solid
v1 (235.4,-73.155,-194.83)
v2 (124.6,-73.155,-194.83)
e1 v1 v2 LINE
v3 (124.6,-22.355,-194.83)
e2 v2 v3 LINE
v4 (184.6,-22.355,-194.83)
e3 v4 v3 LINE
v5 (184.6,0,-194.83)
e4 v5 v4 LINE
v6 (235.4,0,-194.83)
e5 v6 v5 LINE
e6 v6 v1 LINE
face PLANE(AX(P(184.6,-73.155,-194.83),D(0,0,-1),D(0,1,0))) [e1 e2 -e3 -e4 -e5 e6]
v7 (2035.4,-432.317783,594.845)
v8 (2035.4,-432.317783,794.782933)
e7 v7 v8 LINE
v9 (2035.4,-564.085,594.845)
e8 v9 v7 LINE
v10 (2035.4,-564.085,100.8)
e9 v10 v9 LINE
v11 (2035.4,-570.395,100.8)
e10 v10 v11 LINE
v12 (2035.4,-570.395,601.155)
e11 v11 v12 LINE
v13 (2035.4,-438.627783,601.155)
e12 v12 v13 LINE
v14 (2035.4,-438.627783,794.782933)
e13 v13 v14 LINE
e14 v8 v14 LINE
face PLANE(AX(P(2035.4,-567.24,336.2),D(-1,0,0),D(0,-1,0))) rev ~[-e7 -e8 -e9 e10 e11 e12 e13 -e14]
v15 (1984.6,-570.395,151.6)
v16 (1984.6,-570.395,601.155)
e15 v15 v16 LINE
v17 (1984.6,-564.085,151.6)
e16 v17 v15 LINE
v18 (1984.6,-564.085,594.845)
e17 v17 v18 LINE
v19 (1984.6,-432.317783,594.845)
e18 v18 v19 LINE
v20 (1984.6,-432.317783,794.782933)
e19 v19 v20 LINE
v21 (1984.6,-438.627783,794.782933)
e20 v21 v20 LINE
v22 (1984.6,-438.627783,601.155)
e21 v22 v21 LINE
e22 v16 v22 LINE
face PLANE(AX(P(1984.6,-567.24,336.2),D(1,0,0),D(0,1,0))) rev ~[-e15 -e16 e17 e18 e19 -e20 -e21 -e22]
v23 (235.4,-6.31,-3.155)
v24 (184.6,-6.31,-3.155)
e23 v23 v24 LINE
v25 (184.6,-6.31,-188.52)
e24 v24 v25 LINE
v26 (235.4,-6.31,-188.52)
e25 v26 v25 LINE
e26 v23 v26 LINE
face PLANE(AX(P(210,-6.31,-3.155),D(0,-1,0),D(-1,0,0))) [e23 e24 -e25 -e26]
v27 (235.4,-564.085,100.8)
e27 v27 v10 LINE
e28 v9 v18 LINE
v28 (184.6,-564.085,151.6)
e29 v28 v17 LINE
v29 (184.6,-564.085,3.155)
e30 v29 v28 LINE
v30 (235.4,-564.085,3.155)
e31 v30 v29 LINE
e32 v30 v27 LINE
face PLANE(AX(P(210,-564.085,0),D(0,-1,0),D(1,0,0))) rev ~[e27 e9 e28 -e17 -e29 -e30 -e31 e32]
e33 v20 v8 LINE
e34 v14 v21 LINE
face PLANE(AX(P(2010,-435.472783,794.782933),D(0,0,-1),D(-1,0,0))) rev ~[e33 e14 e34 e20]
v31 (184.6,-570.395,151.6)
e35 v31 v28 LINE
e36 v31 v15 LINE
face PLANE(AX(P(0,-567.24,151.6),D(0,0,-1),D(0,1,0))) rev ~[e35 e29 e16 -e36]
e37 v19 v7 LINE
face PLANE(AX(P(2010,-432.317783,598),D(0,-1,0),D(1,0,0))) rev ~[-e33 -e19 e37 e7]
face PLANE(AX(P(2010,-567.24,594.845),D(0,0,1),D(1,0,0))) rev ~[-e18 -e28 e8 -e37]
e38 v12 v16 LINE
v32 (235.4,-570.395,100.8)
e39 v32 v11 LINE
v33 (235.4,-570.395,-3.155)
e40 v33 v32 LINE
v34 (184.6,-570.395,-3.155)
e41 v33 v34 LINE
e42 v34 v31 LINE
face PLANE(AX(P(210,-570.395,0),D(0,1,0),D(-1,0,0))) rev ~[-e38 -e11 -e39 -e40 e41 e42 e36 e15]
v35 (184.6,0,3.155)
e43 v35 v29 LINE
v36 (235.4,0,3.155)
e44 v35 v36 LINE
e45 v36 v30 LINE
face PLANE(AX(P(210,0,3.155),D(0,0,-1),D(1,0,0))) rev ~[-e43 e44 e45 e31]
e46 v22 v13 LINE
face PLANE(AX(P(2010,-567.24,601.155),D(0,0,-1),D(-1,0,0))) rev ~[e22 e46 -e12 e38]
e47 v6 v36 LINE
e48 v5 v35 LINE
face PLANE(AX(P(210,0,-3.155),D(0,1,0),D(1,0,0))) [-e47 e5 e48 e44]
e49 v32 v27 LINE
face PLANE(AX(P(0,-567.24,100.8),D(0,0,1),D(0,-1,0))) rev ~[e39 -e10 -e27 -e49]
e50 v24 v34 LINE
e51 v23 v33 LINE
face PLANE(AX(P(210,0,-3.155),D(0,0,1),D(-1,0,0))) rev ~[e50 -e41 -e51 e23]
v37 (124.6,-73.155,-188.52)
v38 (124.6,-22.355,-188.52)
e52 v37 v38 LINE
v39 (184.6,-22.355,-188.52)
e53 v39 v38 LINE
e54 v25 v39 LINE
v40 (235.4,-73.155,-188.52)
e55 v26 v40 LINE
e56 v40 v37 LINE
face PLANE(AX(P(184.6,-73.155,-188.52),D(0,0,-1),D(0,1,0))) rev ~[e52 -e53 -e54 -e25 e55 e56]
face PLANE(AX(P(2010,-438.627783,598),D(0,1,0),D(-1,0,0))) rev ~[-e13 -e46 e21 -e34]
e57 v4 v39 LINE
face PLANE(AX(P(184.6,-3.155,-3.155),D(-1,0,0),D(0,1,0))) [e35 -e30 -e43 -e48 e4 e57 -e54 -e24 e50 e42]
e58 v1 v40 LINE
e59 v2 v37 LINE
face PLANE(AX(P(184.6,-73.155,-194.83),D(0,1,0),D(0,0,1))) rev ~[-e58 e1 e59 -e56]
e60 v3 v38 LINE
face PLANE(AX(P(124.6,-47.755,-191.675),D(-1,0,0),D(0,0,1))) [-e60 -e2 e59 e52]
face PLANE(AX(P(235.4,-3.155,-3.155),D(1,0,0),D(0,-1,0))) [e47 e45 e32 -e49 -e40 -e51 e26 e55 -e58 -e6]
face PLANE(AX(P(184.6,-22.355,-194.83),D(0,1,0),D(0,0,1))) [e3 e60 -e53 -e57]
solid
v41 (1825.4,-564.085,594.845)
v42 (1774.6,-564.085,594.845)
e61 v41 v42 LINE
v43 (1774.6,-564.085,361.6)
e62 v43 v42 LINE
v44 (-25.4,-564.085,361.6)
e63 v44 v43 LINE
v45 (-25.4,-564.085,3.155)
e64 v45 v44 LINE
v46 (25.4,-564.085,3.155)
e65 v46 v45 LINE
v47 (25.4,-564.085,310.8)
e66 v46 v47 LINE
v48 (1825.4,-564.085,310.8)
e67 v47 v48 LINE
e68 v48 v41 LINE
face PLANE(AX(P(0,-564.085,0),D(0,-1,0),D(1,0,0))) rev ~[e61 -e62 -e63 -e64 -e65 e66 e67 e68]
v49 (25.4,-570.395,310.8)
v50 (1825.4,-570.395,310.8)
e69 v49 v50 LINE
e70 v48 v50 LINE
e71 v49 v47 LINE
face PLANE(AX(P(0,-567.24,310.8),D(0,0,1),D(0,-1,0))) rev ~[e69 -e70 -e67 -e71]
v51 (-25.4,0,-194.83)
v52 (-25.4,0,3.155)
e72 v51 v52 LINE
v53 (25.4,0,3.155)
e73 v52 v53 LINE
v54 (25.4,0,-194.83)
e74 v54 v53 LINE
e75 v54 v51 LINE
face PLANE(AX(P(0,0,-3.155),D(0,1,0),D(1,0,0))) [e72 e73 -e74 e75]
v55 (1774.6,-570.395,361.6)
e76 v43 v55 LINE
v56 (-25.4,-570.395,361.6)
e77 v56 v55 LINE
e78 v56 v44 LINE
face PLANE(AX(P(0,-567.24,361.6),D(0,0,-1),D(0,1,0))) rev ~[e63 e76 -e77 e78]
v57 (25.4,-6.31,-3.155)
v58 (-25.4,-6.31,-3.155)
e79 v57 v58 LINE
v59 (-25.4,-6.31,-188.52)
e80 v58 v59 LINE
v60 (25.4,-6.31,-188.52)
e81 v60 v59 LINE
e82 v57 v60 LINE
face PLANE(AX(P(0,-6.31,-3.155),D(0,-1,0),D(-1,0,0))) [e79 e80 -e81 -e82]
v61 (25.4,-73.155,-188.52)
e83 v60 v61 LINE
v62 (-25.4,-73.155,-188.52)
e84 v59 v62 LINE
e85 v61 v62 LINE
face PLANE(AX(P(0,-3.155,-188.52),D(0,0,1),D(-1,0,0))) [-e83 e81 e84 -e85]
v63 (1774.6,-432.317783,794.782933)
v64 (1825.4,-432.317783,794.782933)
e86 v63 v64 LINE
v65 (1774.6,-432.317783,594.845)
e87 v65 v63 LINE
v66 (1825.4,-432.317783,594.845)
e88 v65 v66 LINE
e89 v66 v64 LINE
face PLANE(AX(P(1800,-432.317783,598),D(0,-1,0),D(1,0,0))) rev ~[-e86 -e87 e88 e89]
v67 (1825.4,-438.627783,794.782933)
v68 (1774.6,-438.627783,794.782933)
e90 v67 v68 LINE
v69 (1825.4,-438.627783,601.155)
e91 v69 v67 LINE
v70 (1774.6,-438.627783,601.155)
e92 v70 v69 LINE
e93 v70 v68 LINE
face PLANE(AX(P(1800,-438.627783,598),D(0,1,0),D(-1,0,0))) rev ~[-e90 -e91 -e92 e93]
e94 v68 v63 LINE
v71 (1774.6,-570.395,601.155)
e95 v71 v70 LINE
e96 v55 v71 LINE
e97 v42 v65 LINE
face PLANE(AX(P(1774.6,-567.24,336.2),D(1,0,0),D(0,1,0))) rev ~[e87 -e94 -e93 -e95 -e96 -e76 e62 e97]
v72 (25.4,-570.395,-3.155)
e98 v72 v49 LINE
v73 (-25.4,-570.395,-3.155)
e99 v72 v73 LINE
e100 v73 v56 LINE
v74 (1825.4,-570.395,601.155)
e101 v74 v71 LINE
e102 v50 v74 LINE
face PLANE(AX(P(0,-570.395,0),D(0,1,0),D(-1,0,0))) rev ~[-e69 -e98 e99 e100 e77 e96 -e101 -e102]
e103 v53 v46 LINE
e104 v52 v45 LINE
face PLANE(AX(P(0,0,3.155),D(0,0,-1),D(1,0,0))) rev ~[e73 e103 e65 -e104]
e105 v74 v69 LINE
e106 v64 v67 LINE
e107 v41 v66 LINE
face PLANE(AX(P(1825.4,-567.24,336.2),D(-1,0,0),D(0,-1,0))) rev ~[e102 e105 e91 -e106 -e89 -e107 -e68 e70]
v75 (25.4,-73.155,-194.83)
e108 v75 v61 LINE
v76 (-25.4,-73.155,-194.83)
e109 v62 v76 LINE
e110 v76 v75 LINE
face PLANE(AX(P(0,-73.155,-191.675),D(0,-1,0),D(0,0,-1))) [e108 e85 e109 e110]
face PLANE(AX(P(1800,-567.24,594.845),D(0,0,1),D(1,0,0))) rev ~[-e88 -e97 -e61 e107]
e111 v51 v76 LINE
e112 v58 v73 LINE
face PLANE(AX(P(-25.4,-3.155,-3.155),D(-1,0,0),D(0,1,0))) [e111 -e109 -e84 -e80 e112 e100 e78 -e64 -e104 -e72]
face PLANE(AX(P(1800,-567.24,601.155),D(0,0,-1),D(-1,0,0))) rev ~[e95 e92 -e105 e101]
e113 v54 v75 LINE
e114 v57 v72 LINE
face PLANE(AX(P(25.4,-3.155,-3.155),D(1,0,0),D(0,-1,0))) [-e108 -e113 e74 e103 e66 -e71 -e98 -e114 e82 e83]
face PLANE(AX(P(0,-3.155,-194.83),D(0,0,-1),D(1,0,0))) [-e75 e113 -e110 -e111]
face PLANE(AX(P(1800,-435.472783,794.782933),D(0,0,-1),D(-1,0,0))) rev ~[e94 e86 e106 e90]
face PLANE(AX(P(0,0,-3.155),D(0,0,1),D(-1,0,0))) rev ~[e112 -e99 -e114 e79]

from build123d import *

# Parameters (mm, degrees)
CROQUIS2_W              = 50.8
CROQUIS2_H              = 6.31
CROQUIS3_W              = 50.8
CROQUIS3_H              = 6.31
CROQUIS7_W              = 6.31
CROQUIS7_H              = 50.8
SALIENTE_EXTRUIR1_DEPTH = 60


with BuildPart() as part:
    # Barrer1: sweep along a curve in space
    with BuildLine() as barrer1_path:
        Line((0, 0, 0), (0, -567.24, 0))
        Line((0, -567.24, 0), (0, -567.24, 336.2))
        Line((0, -567.24, 336.2), (1800, -567.24, 336.2))
        Line((1800, -567.24, 336.2), (1800, -567.24, 598))
        Line((1800, -567.24, 598), (1800, -435.47278313, 598))
        Line((1800, -435.47278313, 598), (1800, -435.47278313, 794.782933))
    # Croquis2 → Barrer1 (sweep)
    with BuildSketch(Plane(origin=(0, 0, 0), x_dir=(1, 0, 0), z_dir=(0, 1, 0))):
        Rectangle(CROQUIS2_W, CROQUIS2_H)
        with Locations((210, 0)):
            Rectangle(CROQUIS2_W, CROQUIS2_H)
    sweep(path=barrer1_path.line, transition=Transition.RIGHT)

    # Barrer4: sweep along a curve in space
    with BuildLine() as barrer4_path:
        Line((-0.201028049, -3.155, -3.155), (-0.201028049, -3.155, -191.675))
        Line((-0.201028049, -3.155, -191.675), (-0.201028049, -73.155, -191.675))
    # Croquis3 → Barrer4 (sweep)
    with BuildSketch(Plane(origin=(0, 0, -3.155), x_dir=(-1, 0, 0), z_dir=(0, 0, -1))):
        with Locations((-210, -3.155)):
            Rectangle(CROQUIS3_W, CROQUIS3_H)
        with Locations((0, -3.155)):
            Rectangle(CROQUIS3_W, CROQUIS3_H)
    sweep(path=barrer4_path.line, transition=Transition.RIGHT)

    # Croquis7 → Saliente-Extruir1 (add)
    with BuildSketch(Plane.ZY.offset(-184.6)):
        with Locations((-191.675, -47.755)):
            Rectangle(CROQUIS7_W, CROQUIS7_H)
    extrude(amount=SALIENTE_EXTRUIR1_DEPTH)


solid = part.part
